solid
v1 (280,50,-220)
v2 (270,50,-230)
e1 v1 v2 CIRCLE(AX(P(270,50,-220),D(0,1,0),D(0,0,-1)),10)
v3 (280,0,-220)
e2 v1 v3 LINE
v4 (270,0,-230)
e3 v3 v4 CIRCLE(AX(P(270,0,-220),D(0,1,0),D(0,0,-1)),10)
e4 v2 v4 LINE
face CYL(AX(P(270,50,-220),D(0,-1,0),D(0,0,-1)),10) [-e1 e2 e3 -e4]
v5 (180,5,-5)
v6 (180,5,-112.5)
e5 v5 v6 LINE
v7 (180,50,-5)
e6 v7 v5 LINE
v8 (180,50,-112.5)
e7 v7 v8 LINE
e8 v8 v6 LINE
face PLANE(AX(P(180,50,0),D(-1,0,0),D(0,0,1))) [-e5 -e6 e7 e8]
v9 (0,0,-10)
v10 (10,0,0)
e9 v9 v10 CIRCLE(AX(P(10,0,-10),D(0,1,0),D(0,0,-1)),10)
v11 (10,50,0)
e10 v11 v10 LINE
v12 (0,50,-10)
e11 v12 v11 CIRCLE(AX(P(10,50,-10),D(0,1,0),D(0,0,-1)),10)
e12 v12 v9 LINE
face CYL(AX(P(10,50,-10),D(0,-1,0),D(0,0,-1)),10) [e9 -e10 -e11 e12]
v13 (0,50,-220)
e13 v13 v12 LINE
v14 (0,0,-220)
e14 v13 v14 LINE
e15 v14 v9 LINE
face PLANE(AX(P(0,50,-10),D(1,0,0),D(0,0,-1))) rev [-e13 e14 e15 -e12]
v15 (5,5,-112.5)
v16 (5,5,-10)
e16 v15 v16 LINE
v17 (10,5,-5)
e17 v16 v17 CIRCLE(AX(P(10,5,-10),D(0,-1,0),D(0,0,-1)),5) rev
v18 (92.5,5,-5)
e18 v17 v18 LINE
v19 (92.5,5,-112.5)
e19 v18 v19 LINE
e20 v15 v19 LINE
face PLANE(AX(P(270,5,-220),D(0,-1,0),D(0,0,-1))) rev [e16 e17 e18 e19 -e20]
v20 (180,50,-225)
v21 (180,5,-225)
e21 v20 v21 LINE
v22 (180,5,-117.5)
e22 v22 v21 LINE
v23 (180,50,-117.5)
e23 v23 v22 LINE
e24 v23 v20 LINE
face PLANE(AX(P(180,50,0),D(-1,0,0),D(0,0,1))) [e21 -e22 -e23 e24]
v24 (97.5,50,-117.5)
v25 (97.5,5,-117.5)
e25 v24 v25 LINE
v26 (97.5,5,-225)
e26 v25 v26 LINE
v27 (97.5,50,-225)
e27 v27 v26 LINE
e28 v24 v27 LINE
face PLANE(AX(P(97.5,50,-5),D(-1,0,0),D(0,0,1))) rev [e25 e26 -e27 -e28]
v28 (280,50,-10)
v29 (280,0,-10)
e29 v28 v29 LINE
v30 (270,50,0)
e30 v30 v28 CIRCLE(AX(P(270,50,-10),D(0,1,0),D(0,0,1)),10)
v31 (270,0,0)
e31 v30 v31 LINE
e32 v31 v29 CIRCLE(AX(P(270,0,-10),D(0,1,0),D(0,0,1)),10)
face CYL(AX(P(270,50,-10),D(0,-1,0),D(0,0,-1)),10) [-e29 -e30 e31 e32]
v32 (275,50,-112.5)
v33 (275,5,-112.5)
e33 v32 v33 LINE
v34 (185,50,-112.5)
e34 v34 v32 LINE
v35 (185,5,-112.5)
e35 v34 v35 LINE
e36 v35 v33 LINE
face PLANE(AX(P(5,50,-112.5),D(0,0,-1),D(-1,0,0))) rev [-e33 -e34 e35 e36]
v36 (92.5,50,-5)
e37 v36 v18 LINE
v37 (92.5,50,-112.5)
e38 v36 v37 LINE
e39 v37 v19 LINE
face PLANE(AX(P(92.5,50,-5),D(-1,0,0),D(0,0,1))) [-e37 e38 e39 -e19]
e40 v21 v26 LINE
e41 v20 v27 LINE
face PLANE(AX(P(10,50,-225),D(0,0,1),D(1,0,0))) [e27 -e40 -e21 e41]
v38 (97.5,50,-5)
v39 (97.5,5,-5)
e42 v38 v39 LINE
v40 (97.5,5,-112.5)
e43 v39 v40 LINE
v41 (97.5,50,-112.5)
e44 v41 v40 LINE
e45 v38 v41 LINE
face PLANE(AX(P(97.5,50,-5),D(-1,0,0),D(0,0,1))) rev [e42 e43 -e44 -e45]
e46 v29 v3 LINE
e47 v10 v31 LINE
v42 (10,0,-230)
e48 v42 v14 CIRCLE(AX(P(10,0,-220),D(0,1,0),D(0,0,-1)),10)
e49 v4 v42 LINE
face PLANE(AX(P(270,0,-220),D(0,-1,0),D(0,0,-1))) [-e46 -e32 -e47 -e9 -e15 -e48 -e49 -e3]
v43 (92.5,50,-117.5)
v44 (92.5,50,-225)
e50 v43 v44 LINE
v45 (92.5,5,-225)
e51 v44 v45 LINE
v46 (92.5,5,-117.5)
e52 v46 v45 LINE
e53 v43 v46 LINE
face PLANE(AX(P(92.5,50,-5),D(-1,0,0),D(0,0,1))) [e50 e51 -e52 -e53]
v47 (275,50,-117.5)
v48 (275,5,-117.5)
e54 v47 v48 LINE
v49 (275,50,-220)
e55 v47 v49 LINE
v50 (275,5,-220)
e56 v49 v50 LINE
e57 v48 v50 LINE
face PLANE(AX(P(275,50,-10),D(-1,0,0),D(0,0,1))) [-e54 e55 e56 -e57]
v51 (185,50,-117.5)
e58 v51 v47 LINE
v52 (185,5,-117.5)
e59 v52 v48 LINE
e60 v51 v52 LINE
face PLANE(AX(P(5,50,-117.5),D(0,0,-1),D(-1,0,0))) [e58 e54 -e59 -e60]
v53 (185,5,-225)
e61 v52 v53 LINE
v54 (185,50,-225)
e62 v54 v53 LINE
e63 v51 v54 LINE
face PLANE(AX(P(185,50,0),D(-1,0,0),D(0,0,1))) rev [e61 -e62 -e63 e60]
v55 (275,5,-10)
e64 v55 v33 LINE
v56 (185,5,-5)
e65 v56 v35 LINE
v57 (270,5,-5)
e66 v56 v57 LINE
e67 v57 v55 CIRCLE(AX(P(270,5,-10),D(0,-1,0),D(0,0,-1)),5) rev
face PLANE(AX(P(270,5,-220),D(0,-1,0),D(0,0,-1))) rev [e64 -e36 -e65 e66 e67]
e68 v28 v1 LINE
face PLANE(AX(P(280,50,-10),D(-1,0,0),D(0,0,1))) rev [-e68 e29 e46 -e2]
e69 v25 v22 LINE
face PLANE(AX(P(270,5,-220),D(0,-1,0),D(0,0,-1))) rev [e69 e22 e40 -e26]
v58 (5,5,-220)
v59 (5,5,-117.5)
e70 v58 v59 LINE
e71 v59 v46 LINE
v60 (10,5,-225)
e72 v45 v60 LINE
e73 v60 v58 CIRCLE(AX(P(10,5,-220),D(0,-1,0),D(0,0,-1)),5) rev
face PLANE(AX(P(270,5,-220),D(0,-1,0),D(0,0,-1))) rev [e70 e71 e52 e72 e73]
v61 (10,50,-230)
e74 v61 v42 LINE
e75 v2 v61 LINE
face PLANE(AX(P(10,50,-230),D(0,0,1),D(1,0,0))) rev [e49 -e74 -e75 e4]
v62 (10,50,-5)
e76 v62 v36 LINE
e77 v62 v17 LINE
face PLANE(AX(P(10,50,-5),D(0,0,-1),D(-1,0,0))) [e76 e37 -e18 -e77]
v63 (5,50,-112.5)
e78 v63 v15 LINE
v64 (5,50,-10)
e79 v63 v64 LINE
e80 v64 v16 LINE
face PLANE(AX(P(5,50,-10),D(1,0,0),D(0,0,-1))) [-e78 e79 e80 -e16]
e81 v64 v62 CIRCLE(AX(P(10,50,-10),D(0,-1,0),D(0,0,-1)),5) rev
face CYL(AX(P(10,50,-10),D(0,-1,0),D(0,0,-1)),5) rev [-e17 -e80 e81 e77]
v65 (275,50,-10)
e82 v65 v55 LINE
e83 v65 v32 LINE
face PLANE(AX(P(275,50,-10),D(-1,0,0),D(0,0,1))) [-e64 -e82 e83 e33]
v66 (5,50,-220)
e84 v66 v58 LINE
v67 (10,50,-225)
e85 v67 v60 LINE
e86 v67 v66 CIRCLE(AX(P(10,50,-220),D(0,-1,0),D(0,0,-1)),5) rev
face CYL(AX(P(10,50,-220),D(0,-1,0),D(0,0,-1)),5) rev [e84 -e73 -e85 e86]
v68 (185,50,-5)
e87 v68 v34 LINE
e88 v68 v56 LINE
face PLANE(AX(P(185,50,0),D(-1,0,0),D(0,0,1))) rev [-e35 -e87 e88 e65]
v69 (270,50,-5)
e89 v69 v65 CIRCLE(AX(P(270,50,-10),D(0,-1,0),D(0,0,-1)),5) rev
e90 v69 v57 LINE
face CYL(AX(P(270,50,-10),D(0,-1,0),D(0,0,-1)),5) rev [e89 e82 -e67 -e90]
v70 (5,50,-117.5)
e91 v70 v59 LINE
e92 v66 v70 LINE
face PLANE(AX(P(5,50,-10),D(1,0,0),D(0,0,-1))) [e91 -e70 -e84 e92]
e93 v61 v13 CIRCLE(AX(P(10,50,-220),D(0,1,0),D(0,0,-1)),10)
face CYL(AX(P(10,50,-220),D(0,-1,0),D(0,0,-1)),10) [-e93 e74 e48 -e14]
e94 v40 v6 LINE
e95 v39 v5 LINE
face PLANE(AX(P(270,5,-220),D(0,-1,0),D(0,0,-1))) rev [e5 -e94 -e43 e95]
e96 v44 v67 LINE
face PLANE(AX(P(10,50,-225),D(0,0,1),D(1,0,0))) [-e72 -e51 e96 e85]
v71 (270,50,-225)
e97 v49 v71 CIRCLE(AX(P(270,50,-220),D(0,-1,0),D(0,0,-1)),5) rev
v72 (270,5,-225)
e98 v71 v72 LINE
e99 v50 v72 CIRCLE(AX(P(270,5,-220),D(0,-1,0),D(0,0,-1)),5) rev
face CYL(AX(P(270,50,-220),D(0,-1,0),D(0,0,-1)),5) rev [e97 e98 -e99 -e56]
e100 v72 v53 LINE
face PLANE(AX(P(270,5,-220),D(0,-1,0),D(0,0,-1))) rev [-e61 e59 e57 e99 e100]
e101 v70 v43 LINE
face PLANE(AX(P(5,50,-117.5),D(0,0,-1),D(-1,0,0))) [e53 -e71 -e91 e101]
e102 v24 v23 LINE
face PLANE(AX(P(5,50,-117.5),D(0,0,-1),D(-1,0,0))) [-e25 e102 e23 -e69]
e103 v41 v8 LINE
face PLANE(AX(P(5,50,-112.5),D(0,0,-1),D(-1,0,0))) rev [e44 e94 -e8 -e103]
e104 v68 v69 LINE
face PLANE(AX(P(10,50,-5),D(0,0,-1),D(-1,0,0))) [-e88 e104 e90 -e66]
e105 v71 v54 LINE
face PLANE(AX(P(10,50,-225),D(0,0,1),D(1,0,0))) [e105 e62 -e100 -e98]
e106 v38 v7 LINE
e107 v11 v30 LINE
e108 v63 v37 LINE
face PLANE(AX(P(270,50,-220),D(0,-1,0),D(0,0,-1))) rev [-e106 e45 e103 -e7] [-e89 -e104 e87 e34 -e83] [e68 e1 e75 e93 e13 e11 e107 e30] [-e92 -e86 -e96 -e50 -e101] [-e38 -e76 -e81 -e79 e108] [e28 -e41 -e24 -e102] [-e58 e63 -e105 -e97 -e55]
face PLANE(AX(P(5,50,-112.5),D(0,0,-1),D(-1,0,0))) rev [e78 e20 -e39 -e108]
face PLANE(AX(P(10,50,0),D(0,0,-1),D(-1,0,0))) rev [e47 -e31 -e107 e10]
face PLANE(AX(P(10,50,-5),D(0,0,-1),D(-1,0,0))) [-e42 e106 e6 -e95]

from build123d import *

# Parameters (mm, degrees)
EXTRUDE_1_DEPTH = 50
SHELL_1_T       = -5
EXTRUDE_3_DEPTH = 45


with BuildPart() as part:
    # 스케치1 → 보스-돌출1 (new body)
    with BuildSketch(Plane(origin=(0, 0, 0), x_dir=(1, 0, 0), z_dir=(0, 1, 0))):
        with BuildLine():
            Line((10, 0), (270, 0))
            ThreePointArc((270, 0), (277.071067812, 2.928932188), (280, 10))
            Line((280, 10), (280, 220))
            ThreePointArc((280, 220), (277.071067812, 227.071067812), (270, 230))
            Line((270, 230), (10, 230))
            ThreePointArc((10, 230), (2.928932188, 227.071067812), (0, 220))
            Line((0, 220), (0, 10))
            ThreePointArc((0, 10), (2.928932188, 2.928932188), (10, 0))
        make_face()
    extrude(amount=EXTRUDE_1_DEPTH)

    # 쉘1
    shell_1_openings = [part.faces().sort_by_distance(p)[0] for p in [
        (140, 50, -115),
    ]]
    offset(amount=SHELL_1_T, openings=shell_1_openings, kind=Kind.INTERSECTION)

    # 스케치4 → 보스-돌출3 (add)
    with BuildSketch(Plane(origin=(0, 5, 0), x_dir=(1, 0, 0), z_dir=(0, 1, 0))):
        Polygon((5, 117.5), (5, 112.5), (92.5, 112.5), (92.5, 5), (97.5, 5), (97.5, 112.5), (180, 112.5), (180, 5), (185, 5), (185, 112.5), (275, 112.5), (275, 117.5), (185, 117.5), (185, 225), (180, 225), (180, 117.5), (97.5, 117.5), (97.5, 225), (92.5, 225), (92.5, 117.5), align=None)
    extrude(amount=EXTRUDE_3_DEPTH)


solid = part.part
